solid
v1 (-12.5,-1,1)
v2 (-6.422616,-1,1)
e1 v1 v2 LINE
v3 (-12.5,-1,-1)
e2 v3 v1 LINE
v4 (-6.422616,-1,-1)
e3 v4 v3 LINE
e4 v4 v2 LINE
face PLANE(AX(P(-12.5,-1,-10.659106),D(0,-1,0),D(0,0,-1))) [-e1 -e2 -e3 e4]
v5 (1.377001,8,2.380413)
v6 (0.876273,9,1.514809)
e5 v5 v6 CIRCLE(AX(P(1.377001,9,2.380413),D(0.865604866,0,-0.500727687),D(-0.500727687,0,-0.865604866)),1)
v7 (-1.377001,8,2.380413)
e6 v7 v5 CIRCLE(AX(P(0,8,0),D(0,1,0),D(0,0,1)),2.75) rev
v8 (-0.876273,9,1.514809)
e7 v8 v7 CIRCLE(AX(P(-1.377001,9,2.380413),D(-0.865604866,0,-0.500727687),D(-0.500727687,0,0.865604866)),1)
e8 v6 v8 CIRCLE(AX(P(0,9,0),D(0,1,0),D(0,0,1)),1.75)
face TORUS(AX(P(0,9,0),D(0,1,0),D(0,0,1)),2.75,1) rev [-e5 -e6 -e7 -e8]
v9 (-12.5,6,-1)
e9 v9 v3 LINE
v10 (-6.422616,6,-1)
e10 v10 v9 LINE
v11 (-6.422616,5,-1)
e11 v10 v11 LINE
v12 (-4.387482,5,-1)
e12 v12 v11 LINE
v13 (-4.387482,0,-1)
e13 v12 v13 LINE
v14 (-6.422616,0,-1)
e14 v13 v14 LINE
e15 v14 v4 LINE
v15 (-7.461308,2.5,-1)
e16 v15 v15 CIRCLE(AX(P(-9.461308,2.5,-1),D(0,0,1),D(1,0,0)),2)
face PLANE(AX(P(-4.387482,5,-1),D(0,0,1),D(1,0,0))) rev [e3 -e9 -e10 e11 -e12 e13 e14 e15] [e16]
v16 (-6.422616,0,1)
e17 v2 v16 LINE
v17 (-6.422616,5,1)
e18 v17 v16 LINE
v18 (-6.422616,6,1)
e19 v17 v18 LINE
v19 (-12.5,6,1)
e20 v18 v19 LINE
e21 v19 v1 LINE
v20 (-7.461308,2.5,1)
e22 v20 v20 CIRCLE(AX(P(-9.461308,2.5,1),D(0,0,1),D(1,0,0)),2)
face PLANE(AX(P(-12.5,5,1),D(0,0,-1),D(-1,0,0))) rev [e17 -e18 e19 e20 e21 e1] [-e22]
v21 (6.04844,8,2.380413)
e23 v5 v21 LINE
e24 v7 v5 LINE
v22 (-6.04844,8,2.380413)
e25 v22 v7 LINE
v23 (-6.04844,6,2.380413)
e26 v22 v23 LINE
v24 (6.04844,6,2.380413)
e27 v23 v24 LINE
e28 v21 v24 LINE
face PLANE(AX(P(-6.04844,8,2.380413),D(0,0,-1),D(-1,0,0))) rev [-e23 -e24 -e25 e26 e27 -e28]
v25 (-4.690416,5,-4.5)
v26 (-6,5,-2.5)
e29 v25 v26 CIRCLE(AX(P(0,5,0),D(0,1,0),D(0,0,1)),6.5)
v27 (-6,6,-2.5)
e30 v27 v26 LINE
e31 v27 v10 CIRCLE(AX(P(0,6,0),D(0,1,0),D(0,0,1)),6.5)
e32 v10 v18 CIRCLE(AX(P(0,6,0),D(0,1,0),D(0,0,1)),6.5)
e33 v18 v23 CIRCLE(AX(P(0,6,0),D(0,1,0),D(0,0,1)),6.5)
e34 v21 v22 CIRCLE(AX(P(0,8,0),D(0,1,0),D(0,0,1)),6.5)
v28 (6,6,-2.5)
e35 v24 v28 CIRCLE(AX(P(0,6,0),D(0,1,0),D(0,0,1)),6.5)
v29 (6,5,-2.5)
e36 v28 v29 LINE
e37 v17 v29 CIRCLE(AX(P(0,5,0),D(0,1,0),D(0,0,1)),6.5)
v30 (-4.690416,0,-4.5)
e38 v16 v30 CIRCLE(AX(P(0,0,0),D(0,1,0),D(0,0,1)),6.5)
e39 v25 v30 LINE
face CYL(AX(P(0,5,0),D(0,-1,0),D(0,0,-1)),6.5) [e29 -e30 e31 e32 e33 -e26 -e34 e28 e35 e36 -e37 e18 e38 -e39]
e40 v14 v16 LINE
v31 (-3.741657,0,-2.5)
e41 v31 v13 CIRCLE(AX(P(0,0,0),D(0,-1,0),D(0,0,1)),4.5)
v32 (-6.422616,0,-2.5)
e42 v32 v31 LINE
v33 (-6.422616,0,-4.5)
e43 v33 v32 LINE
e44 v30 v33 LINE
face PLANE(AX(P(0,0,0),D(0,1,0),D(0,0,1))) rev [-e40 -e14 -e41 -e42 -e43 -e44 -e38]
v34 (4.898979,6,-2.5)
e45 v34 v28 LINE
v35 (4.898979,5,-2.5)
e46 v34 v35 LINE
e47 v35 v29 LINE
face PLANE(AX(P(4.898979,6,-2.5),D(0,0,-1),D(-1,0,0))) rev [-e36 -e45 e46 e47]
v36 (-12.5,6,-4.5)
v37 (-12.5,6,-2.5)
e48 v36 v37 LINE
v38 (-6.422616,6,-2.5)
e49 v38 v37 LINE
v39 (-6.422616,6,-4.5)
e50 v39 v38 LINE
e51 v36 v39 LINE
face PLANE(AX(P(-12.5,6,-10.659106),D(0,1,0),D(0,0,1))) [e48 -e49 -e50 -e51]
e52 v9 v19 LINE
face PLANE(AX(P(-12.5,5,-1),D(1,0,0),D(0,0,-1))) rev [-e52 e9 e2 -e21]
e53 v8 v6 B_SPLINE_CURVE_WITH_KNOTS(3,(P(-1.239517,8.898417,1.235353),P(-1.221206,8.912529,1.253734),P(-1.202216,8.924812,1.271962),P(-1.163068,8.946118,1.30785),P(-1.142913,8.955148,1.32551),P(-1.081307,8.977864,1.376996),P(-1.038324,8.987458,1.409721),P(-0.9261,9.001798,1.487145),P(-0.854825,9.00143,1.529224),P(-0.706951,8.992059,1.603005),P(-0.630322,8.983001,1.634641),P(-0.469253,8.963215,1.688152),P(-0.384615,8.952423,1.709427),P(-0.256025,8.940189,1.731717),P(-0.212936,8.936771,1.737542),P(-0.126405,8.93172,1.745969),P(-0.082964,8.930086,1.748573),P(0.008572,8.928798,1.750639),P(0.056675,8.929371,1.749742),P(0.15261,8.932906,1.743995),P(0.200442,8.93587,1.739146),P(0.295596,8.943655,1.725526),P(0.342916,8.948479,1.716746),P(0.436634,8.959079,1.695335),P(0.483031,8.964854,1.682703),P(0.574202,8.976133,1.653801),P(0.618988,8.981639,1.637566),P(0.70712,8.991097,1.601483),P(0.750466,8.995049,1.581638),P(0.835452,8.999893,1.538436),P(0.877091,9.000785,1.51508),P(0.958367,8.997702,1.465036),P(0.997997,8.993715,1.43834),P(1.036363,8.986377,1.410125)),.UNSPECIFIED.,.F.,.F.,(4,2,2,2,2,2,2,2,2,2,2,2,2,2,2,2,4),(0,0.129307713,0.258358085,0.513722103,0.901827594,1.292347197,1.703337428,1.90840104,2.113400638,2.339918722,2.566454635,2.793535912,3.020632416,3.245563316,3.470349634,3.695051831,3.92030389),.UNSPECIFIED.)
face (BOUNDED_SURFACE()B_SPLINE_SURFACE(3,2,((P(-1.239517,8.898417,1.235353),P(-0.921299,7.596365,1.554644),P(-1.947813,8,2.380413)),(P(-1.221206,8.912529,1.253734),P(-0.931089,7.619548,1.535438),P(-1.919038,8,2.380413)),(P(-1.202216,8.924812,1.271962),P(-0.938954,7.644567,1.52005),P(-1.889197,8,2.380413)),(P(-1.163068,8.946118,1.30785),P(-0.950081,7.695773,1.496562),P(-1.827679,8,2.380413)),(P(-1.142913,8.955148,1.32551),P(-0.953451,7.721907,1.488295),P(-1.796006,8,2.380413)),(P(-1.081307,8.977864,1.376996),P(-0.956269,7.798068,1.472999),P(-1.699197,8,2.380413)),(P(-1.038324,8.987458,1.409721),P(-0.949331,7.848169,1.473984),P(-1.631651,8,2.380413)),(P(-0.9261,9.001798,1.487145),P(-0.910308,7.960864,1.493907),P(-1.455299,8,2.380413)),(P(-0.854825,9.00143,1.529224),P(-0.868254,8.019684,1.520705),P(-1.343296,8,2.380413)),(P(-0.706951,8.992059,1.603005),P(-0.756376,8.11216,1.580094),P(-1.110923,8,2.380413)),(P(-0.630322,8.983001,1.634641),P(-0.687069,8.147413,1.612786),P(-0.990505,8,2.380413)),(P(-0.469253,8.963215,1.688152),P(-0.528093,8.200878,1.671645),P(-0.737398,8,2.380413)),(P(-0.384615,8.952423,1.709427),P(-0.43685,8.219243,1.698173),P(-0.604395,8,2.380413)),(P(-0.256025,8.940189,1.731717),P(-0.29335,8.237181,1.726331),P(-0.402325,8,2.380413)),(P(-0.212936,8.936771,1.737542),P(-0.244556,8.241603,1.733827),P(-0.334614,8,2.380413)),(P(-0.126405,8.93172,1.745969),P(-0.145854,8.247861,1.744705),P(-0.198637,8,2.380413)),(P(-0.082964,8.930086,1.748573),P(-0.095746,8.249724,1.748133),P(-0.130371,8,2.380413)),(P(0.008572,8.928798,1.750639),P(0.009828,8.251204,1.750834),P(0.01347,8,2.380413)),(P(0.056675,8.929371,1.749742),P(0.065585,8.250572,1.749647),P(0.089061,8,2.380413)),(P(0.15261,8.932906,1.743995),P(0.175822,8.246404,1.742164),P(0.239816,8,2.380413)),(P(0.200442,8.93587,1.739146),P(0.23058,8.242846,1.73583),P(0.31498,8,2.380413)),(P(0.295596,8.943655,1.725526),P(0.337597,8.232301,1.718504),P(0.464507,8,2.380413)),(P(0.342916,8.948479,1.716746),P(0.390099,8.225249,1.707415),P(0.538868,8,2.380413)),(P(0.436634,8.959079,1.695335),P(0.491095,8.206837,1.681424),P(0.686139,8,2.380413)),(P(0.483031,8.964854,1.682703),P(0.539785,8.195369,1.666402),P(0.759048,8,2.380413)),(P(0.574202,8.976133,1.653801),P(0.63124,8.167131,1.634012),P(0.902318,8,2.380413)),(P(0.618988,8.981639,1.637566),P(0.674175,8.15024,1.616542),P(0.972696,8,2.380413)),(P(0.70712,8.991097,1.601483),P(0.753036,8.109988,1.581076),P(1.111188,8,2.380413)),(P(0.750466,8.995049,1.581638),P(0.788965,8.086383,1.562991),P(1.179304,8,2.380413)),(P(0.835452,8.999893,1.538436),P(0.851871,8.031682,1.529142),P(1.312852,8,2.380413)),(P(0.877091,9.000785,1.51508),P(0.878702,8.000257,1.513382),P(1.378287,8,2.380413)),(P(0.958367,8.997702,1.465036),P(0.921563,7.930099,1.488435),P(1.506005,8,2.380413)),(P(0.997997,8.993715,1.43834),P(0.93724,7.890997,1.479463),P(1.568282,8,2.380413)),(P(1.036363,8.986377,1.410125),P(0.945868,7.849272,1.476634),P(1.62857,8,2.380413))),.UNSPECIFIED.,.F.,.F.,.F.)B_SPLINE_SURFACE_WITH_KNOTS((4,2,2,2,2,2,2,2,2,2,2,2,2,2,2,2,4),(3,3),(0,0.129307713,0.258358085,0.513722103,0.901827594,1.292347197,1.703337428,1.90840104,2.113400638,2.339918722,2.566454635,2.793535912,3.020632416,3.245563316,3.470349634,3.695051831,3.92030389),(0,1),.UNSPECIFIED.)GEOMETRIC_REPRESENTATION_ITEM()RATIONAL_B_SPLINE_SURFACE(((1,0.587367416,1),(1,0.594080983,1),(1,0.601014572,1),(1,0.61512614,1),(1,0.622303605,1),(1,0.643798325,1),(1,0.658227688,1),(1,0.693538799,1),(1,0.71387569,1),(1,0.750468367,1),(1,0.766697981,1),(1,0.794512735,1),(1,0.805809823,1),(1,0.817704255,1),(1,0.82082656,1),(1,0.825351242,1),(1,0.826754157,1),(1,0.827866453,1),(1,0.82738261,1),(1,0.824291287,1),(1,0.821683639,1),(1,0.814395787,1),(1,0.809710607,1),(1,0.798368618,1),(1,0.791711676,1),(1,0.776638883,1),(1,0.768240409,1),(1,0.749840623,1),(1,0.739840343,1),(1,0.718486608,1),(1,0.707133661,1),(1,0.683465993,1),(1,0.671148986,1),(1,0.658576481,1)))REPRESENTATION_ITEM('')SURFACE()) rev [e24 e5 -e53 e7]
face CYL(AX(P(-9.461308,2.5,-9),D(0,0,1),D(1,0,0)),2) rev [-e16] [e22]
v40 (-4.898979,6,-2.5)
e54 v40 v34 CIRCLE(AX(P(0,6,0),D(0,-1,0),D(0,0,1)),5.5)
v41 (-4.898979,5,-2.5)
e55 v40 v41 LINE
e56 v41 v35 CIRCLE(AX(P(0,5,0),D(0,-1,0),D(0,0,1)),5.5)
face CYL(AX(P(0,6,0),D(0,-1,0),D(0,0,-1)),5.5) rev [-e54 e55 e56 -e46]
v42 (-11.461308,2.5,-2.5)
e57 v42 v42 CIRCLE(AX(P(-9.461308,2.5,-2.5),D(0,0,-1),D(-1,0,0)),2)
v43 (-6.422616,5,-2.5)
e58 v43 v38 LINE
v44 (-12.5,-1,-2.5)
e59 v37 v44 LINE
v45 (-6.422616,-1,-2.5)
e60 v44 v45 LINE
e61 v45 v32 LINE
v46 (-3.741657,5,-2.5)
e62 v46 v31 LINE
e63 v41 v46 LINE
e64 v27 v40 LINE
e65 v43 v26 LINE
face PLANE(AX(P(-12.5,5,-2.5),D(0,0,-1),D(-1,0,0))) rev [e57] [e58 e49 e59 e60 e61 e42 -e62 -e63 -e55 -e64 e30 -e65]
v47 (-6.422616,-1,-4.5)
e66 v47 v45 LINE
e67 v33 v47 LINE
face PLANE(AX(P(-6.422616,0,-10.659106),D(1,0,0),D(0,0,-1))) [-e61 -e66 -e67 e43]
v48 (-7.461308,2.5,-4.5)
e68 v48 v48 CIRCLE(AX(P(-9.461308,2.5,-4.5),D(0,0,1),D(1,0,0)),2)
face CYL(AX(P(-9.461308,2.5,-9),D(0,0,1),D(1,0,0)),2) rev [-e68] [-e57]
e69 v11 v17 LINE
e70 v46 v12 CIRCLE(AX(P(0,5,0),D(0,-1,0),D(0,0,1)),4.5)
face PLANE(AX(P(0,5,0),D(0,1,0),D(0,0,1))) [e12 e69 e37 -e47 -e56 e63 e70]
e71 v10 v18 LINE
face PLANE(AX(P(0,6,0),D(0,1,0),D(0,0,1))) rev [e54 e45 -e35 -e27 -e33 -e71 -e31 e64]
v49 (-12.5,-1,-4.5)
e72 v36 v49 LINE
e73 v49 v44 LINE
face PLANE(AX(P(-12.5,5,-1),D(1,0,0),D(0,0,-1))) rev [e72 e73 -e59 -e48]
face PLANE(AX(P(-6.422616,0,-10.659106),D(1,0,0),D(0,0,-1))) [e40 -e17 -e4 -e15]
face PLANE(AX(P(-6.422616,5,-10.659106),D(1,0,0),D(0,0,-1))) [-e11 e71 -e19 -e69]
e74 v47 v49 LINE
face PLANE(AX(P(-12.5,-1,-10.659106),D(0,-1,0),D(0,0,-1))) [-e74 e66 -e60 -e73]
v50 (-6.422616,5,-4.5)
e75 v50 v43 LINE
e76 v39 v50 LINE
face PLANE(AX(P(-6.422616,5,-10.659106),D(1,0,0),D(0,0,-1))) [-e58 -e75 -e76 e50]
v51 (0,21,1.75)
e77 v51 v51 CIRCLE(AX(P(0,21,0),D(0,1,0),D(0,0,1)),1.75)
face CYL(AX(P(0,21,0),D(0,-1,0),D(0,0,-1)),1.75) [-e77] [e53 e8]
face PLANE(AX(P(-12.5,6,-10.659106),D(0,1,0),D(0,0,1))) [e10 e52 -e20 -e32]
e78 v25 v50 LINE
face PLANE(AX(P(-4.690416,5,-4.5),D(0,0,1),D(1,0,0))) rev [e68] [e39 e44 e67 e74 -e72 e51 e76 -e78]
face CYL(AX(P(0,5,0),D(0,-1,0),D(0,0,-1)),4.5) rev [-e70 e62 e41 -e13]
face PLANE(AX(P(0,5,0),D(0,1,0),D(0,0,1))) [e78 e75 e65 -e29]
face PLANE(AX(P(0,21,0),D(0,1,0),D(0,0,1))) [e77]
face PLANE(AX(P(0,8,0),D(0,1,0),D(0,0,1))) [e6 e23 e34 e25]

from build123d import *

# Parameters (mm, degrees)
BOSS_EXTRUDE1_DEPTH = 5
BOSS_EXTRUDE2_REACH = 17.411
SKETCH3_W           = 6.077383711
SKETCH3_H           = 1
SKETCH4_W           = 1.5
SKETCH4_H           = 7
CUT_EXTRUDE1_DEPTH  = 10
SKETCH2_R           = 2
CUT_EXTRUDE2_DEPTH  = 10
BOSS_EXTRUDE3_DEPTH = 1
BOSS_EXTRUDE4_DEPTH = 2
SKETCH7_R           = 1.75
BOSS_EXTRUDE5_DEPTH = 13
FILLET1_R           = 1


with BuildPart() as part:
    # Sketch1 → Boss-Extrude1 (new body)
    with BuildSketch(Plane(origin=(0, 0, 0), x_dir=(1, 0, 0), z_dir=(0, 1, 0))):
        with BuildLine():
            Line((-4.69041576, 4.5), (-12.5, 4.5))
            Line((-12.5, 4.5), (-12.5, 2.5))
            Line((-12.5, 2.5), (-3.741657387, 2.5))
            ThreePointArc((-3.741657387, 2.5), (4.133186129, -1.779542756), (-4.387482194, 1))
            Line((-4.387482194, 1), (-12.5, 1))
            Line((-12.5, 1), (-12.5, -1))
            Line((-12.5, -1), (-6.422616289, -1))
            ThreePointArc((-6.422616289, -1), (6.199787926, -1.952595623), (-4.69041576, 4.5))
        make_face()
    extrude(amount=BOSS_EXTRUDE1_DEPTH)

    # Boss-Extrude2: up to this face of the body (flat: up to its plane)
    boss_extrude2_end = Plane(part.part.faces().sort_by_distance((-8.59520788, 2.5, -4.5))[0])
    # Sketch3 → Boss-Extrude2 (add, up to the picked face)
    with BuildSketch(Plane.XY.offset(1), mode=Mode.PRIVATE) as boss_extrude2_sk1:
        with Locations((-9.461308145, 5.5)):
            Rectangle(SKETCH3_W, SKETCH3_H)
    boss_extrude2_tool1 = split(extrude(boss_extrude2_sk1.sketch, amount=-BOSS_EXTRUDE2_REACH, mode=Mode.PRIVATE), bisect_by=boss_extrude2_end, keep=Keep.BOTH, mode=Mode.PRIVATE)
    # Sketch3 → Boss-Extrude2 (add, up to the picked face)
    with BuildSketch(Plane.XY.offset(1), mode=Mode.PRIVATE) as boss_extrude2_sk2:
        with Locations((-9.461308145, -0.5)):
            Rectangle(SKETCH3_W, SKETCH3_H)
    boss_extrude2_tool2 = split(extrude(boss_extrude2_sk2.sketch, amount=-BOSS_EXTRUDE2_REACH, mode=Mode.PRIVATE), bisect_by=boss_extrude2_end, keep=Keep.BOTH, mode=Mode.PRIVATE)
    add(boss_extrude2_tool1.solids().sort_by(Axis((-9.461308, 5.5, 1), (0, 0, -1)))[0])
    add(boss_extrude2_tool2.solids().sort_by(Axis((-9.461308, -0.5, 1), (0, 0, -1)))[0])

    # Sketch4 → Cut-Extrude1 (cut)
    with BuildSketch(Plane.ZY.offset(12.5)):
        with Locations((-1.75, 2.5)):
            Rectangle(SKETCH4_W, SKETCH4_H)
    extrude(amount=-CUT_EXTRUDE1_DEPTH, mode=Mode.SUBTRACT)

    # Sketch2 → Cut-Extrude2 (cut)
    with BuildSketch(Plane.XY.offset(1)):
        with Locations((-9.461308145, 2.5)):
            Circle(SKETCH2_R)
    extrude(amount=-CUT_EXTRUDE2_DEPTH, mode=Mode.SUBTRACT)

    # Sketch5 → Boss-Extrude3 (add)
    with BuildSketch(Plane(origin=(0, 5, 0), x_dir=(1, 0, 0), z_dir=(0, 1, 0))):
        with BuildLine():
            Line((4.898979486, 2.5), (6, 2.5))
            ThreePointArc((6, 2.5), (0, 6.5), (-6, 2.5))
            Line((-6, 2.5), (-4.898979486, 2.5))
            ThreePointArc((-4.898979486, 2.5), (0, 5.5), (4.898979486, 2.5))
        make_face()
    extrude(amount=BOSS_EXTRUDE3_DEPTH)

    # Sketch6 → Boss-Extrude4 (add)
    with BuildSketch(Plane(origin=(0, 6, 0), x_dir=(1, 0, 0), z_dir=(0, 1, 0))):
        with BuildLine():
            Line((-6.048440472, -2.380413381), (6.048440472, -2.380413381))
            ThreePointArc((6.048440472, -2.380413381), (0, 6.5), (-6.048440472, -2.380413381))
        make_face()
    extrude(amount=BOSS_EXTRUDE4_DEPTH)

    # Sketch7 → Boss-Extrude5 (add)
    with BuildSketch(Plane(origin=(0, 8, 0), x_dir=(1, 0, 0), z_dir=(0, 1, 0))):
        with Locations(Location((0, 0, 0), (0, 0, 90))):
            Circle(SKETCH7_R)
    extrude(amount=BOSS_EXTRUDE5_DEPTH)

    # Fillet1
    fillet1_edges = [part.edges().sort_by_distance(p)[0] for p in [
        (0, 8, 1.75),
    ]]
    fillet(fillet1_edges, radius=FILLET1_R)


solid = part.part
